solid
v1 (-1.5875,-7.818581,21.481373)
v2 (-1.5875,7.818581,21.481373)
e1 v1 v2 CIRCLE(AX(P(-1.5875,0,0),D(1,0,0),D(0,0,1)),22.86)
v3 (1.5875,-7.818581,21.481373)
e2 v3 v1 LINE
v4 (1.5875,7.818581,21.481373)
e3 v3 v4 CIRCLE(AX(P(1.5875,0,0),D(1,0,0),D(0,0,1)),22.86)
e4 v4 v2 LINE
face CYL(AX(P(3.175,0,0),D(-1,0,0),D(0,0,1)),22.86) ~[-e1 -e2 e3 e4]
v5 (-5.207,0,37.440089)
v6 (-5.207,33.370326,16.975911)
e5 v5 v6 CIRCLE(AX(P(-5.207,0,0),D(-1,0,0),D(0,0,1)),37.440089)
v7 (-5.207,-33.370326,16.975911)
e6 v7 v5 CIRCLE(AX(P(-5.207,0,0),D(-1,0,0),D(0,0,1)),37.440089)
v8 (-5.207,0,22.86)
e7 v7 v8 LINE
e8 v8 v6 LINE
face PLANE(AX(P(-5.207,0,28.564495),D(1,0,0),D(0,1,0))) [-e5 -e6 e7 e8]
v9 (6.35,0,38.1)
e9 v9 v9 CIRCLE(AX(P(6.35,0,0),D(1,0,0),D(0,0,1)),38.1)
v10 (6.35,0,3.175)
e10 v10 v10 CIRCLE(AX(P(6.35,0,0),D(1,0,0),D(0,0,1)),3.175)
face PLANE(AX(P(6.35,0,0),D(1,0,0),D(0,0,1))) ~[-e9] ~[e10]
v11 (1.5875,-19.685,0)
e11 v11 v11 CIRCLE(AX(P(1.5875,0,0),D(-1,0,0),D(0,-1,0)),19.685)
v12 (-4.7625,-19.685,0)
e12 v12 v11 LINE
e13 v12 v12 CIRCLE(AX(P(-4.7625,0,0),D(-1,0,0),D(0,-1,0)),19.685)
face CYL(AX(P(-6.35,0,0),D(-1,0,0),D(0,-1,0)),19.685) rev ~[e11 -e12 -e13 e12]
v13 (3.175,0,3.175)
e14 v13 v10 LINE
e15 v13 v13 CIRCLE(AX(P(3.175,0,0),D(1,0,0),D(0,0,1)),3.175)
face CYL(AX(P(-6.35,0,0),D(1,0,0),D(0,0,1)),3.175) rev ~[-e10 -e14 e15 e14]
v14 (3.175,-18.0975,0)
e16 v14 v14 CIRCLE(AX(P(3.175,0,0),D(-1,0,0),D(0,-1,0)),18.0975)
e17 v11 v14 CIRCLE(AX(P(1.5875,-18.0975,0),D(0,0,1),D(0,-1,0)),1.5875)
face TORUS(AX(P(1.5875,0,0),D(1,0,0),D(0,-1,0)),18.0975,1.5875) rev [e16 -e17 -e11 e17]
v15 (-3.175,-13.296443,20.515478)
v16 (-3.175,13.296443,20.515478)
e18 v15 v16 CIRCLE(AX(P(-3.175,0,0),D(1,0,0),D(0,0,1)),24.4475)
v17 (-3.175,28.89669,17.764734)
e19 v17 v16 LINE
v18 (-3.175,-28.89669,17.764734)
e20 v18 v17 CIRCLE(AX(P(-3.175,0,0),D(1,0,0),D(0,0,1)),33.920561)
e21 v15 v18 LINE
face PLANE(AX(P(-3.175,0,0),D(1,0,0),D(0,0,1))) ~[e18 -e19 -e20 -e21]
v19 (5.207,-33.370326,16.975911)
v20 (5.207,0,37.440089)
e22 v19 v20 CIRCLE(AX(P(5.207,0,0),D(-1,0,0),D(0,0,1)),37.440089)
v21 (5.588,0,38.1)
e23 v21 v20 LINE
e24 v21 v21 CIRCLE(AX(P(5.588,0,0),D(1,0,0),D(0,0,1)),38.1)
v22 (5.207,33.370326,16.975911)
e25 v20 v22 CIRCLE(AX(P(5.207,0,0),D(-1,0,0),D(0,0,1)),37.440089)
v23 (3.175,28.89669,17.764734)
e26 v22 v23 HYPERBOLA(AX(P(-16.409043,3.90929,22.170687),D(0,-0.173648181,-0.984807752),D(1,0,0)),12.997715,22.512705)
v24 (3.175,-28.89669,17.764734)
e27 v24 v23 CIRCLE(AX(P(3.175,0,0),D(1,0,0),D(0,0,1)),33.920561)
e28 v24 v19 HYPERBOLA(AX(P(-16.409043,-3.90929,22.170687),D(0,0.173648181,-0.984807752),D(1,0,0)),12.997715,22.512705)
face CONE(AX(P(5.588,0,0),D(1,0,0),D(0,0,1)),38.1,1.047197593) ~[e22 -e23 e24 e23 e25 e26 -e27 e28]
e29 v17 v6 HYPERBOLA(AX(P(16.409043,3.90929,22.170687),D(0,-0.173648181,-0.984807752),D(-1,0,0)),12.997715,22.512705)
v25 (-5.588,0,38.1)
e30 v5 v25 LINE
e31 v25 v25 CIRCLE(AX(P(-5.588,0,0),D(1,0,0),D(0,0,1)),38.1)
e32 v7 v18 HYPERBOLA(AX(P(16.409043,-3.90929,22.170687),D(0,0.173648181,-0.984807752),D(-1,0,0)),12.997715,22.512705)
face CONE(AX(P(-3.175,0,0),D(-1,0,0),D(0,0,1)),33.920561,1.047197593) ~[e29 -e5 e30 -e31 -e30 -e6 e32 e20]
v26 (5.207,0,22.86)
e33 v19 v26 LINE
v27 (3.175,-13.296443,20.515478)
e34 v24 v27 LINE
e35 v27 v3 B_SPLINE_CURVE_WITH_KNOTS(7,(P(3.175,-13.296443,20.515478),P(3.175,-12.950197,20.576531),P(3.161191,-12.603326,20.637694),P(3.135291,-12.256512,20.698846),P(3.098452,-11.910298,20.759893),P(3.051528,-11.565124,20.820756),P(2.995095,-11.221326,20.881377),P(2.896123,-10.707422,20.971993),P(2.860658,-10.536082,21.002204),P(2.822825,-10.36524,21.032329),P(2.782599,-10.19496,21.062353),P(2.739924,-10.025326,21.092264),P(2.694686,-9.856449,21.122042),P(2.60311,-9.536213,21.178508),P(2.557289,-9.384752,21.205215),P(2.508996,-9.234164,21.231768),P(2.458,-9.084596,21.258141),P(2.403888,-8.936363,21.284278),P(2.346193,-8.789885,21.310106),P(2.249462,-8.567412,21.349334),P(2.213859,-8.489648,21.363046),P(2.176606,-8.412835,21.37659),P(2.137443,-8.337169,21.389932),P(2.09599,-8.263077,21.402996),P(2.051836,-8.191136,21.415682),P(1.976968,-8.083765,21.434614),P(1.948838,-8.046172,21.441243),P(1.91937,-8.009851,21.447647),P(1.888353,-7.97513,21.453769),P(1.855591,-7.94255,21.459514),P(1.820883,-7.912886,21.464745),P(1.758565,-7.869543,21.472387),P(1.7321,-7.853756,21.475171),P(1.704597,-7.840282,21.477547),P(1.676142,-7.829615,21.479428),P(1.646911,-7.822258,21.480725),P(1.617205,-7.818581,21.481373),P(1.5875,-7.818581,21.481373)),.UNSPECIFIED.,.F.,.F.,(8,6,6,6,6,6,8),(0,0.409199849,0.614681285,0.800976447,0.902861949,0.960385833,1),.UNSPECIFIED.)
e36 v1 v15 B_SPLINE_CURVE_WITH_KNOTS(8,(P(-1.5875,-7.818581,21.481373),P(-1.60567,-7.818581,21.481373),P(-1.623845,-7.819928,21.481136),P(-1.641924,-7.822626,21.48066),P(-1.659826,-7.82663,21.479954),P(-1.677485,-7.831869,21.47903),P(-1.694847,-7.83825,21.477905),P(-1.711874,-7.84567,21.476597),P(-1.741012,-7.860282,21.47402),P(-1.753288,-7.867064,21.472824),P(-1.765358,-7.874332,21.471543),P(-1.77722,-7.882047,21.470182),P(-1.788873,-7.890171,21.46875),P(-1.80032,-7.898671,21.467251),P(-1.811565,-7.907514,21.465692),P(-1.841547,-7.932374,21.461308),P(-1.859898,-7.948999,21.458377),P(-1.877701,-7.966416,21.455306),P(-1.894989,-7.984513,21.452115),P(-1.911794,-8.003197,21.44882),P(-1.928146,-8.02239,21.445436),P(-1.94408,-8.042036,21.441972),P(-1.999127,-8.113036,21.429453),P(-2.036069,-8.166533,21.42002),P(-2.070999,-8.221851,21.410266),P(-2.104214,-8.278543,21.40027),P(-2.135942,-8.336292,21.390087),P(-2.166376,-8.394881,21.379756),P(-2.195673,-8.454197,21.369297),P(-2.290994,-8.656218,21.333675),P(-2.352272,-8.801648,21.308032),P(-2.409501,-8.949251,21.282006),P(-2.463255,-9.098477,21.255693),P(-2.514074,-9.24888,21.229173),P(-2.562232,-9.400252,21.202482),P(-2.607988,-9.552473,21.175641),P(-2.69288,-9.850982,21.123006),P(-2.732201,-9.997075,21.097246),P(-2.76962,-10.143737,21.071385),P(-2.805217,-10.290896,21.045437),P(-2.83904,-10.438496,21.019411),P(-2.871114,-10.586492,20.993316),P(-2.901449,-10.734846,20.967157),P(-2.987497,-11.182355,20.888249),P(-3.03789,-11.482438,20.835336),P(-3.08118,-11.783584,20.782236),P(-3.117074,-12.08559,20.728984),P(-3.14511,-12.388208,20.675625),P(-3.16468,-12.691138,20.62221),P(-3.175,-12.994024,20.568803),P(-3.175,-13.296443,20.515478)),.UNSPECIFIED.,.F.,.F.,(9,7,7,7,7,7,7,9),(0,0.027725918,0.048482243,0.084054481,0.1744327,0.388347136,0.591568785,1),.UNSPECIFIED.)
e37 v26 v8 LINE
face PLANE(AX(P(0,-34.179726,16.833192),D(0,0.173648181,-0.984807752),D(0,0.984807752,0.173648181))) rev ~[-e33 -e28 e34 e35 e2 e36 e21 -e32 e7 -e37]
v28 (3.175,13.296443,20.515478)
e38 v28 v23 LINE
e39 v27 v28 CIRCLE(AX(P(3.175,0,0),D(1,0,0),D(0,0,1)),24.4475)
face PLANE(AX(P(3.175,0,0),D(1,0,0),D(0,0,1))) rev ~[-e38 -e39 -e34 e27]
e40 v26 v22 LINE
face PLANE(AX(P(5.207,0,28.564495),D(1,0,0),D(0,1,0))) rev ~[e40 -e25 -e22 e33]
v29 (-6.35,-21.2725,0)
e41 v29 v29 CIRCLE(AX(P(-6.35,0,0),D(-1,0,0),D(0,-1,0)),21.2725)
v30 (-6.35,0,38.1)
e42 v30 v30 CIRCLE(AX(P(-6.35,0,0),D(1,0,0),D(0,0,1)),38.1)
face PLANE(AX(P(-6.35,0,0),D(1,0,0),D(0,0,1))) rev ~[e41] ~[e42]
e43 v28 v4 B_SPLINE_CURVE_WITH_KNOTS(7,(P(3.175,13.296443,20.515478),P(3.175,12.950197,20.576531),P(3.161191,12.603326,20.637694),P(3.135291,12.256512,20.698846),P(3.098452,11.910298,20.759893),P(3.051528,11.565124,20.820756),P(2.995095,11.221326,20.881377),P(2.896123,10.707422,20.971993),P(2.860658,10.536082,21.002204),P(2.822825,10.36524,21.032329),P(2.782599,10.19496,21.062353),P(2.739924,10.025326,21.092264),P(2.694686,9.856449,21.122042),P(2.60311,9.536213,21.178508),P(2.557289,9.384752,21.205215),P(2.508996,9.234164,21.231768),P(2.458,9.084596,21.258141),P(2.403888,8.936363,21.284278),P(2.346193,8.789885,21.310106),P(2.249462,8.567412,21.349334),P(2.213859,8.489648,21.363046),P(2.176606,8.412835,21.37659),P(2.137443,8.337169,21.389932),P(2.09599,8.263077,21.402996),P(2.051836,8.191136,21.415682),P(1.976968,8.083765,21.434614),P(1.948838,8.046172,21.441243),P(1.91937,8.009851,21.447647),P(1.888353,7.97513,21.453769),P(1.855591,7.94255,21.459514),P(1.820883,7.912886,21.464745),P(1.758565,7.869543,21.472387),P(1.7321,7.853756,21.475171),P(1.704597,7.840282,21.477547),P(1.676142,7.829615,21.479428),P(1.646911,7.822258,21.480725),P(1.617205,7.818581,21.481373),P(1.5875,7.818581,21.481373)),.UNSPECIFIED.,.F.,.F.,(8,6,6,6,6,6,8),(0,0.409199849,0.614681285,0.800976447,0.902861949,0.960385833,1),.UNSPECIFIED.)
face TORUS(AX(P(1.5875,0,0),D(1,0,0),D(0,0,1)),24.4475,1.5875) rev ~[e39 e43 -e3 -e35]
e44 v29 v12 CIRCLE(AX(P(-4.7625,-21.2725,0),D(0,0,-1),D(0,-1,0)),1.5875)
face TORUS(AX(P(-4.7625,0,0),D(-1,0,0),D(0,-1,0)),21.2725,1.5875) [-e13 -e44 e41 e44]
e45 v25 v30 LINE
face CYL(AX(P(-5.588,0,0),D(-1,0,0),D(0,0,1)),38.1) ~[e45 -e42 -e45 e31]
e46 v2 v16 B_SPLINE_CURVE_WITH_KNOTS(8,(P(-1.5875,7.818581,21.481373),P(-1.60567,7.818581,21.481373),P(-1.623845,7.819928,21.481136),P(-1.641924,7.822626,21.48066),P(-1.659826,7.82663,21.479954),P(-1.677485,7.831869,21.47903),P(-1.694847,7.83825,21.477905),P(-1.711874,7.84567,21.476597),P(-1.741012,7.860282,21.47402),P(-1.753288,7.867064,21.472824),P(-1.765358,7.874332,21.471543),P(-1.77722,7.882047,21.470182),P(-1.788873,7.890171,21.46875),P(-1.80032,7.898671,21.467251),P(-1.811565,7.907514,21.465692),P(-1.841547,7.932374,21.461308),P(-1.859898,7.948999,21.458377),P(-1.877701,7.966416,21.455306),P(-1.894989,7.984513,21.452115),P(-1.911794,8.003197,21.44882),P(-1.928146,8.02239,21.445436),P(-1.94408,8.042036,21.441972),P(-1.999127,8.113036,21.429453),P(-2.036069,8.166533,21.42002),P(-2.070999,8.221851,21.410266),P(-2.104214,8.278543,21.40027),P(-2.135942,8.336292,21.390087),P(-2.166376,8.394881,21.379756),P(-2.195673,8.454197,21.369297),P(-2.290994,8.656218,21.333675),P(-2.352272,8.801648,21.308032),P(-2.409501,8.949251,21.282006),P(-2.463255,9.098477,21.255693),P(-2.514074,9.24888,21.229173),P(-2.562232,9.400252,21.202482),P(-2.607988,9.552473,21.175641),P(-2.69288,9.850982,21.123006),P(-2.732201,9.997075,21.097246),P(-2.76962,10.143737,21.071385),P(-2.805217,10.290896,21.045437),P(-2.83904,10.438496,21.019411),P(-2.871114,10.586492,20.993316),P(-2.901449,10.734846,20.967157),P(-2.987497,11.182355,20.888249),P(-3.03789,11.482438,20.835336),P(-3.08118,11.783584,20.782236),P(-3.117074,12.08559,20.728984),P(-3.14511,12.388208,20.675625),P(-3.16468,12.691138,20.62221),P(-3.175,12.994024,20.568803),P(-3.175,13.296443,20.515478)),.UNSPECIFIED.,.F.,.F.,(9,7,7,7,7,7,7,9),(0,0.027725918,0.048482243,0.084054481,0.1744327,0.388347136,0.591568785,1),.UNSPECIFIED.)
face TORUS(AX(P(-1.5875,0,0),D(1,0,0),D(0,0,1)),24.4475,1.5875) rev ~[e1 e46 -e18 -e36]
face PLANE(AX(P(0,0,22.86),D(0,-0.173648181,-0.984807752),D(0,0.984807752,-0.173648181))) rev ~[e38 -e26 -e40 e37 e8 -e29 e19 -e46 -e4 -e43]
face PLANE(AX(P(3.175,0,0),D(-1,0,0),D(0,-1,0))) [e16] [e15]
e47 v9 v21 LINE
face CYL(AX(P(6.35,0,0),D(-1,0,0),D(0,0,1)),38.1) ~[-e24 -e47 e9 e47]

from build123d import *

# Parameters (mm, degrees)
F2_R     = 19.685
F2_R_2   = 3.175
F3_DEPTH = 9.525
F4_R     = 1.5875
F6_DEPTH = 5.207


with BuildPart() as f1:
    # F0 (on Front) → F1 (revolve)
    with BuildSketch(Plane.XZ):
        Polygon((-6.35, 38.1), (-6.35, 3.175), (6.35, 3.175), (6.35, 38.1), (5.588, 38.1), (3.175, 33.920561), (3.175, 22.86), (-3.175, 22.86), (-3.175, 33.920561), (-5.588, 38.1), align=None)
    revolve(axis=Axis((0, 0, 0), (1, 0, 0)))

    # F2 (on face) → F3 (cut)
    with BuildSketch(Plane(origin=(-6.35, 0, 0), x_dir=(0, -1, 0), z_dir=(-1, 0, 0))):
        Circle(F2_R)
        Circle(F2_R_2, mode=Mode.SUBTRACT)
    extrude(amount=-F3_DEPTH, mode=Mode.SUBTRACT)

    # F4
    f4_edges = [f1.edges().sort_by_distance(p)[0] for p in [
        (-6.35, 19.685, 0),
        (3.175, 19.685, 0),
        (-3.175, 0, -22.86),
        (3.175, 0, -22.86),
    ]]
    fillet(f4_edges, radius=F4_R)

    # F5 (on Right) → F6 (cut, symmetric)
    with BuildSketch(Plane.YZ):
        Polygon((-34.179726, 16.833192), (0, 22.86), (34.179726, 16.833192), (34.179726, 38.1), (-34.179726, 38.1), align=None)
    extrude(amount=F6_DEPTH, both=True, mode=Mode.SUBTRACT)


solid = f1.part
